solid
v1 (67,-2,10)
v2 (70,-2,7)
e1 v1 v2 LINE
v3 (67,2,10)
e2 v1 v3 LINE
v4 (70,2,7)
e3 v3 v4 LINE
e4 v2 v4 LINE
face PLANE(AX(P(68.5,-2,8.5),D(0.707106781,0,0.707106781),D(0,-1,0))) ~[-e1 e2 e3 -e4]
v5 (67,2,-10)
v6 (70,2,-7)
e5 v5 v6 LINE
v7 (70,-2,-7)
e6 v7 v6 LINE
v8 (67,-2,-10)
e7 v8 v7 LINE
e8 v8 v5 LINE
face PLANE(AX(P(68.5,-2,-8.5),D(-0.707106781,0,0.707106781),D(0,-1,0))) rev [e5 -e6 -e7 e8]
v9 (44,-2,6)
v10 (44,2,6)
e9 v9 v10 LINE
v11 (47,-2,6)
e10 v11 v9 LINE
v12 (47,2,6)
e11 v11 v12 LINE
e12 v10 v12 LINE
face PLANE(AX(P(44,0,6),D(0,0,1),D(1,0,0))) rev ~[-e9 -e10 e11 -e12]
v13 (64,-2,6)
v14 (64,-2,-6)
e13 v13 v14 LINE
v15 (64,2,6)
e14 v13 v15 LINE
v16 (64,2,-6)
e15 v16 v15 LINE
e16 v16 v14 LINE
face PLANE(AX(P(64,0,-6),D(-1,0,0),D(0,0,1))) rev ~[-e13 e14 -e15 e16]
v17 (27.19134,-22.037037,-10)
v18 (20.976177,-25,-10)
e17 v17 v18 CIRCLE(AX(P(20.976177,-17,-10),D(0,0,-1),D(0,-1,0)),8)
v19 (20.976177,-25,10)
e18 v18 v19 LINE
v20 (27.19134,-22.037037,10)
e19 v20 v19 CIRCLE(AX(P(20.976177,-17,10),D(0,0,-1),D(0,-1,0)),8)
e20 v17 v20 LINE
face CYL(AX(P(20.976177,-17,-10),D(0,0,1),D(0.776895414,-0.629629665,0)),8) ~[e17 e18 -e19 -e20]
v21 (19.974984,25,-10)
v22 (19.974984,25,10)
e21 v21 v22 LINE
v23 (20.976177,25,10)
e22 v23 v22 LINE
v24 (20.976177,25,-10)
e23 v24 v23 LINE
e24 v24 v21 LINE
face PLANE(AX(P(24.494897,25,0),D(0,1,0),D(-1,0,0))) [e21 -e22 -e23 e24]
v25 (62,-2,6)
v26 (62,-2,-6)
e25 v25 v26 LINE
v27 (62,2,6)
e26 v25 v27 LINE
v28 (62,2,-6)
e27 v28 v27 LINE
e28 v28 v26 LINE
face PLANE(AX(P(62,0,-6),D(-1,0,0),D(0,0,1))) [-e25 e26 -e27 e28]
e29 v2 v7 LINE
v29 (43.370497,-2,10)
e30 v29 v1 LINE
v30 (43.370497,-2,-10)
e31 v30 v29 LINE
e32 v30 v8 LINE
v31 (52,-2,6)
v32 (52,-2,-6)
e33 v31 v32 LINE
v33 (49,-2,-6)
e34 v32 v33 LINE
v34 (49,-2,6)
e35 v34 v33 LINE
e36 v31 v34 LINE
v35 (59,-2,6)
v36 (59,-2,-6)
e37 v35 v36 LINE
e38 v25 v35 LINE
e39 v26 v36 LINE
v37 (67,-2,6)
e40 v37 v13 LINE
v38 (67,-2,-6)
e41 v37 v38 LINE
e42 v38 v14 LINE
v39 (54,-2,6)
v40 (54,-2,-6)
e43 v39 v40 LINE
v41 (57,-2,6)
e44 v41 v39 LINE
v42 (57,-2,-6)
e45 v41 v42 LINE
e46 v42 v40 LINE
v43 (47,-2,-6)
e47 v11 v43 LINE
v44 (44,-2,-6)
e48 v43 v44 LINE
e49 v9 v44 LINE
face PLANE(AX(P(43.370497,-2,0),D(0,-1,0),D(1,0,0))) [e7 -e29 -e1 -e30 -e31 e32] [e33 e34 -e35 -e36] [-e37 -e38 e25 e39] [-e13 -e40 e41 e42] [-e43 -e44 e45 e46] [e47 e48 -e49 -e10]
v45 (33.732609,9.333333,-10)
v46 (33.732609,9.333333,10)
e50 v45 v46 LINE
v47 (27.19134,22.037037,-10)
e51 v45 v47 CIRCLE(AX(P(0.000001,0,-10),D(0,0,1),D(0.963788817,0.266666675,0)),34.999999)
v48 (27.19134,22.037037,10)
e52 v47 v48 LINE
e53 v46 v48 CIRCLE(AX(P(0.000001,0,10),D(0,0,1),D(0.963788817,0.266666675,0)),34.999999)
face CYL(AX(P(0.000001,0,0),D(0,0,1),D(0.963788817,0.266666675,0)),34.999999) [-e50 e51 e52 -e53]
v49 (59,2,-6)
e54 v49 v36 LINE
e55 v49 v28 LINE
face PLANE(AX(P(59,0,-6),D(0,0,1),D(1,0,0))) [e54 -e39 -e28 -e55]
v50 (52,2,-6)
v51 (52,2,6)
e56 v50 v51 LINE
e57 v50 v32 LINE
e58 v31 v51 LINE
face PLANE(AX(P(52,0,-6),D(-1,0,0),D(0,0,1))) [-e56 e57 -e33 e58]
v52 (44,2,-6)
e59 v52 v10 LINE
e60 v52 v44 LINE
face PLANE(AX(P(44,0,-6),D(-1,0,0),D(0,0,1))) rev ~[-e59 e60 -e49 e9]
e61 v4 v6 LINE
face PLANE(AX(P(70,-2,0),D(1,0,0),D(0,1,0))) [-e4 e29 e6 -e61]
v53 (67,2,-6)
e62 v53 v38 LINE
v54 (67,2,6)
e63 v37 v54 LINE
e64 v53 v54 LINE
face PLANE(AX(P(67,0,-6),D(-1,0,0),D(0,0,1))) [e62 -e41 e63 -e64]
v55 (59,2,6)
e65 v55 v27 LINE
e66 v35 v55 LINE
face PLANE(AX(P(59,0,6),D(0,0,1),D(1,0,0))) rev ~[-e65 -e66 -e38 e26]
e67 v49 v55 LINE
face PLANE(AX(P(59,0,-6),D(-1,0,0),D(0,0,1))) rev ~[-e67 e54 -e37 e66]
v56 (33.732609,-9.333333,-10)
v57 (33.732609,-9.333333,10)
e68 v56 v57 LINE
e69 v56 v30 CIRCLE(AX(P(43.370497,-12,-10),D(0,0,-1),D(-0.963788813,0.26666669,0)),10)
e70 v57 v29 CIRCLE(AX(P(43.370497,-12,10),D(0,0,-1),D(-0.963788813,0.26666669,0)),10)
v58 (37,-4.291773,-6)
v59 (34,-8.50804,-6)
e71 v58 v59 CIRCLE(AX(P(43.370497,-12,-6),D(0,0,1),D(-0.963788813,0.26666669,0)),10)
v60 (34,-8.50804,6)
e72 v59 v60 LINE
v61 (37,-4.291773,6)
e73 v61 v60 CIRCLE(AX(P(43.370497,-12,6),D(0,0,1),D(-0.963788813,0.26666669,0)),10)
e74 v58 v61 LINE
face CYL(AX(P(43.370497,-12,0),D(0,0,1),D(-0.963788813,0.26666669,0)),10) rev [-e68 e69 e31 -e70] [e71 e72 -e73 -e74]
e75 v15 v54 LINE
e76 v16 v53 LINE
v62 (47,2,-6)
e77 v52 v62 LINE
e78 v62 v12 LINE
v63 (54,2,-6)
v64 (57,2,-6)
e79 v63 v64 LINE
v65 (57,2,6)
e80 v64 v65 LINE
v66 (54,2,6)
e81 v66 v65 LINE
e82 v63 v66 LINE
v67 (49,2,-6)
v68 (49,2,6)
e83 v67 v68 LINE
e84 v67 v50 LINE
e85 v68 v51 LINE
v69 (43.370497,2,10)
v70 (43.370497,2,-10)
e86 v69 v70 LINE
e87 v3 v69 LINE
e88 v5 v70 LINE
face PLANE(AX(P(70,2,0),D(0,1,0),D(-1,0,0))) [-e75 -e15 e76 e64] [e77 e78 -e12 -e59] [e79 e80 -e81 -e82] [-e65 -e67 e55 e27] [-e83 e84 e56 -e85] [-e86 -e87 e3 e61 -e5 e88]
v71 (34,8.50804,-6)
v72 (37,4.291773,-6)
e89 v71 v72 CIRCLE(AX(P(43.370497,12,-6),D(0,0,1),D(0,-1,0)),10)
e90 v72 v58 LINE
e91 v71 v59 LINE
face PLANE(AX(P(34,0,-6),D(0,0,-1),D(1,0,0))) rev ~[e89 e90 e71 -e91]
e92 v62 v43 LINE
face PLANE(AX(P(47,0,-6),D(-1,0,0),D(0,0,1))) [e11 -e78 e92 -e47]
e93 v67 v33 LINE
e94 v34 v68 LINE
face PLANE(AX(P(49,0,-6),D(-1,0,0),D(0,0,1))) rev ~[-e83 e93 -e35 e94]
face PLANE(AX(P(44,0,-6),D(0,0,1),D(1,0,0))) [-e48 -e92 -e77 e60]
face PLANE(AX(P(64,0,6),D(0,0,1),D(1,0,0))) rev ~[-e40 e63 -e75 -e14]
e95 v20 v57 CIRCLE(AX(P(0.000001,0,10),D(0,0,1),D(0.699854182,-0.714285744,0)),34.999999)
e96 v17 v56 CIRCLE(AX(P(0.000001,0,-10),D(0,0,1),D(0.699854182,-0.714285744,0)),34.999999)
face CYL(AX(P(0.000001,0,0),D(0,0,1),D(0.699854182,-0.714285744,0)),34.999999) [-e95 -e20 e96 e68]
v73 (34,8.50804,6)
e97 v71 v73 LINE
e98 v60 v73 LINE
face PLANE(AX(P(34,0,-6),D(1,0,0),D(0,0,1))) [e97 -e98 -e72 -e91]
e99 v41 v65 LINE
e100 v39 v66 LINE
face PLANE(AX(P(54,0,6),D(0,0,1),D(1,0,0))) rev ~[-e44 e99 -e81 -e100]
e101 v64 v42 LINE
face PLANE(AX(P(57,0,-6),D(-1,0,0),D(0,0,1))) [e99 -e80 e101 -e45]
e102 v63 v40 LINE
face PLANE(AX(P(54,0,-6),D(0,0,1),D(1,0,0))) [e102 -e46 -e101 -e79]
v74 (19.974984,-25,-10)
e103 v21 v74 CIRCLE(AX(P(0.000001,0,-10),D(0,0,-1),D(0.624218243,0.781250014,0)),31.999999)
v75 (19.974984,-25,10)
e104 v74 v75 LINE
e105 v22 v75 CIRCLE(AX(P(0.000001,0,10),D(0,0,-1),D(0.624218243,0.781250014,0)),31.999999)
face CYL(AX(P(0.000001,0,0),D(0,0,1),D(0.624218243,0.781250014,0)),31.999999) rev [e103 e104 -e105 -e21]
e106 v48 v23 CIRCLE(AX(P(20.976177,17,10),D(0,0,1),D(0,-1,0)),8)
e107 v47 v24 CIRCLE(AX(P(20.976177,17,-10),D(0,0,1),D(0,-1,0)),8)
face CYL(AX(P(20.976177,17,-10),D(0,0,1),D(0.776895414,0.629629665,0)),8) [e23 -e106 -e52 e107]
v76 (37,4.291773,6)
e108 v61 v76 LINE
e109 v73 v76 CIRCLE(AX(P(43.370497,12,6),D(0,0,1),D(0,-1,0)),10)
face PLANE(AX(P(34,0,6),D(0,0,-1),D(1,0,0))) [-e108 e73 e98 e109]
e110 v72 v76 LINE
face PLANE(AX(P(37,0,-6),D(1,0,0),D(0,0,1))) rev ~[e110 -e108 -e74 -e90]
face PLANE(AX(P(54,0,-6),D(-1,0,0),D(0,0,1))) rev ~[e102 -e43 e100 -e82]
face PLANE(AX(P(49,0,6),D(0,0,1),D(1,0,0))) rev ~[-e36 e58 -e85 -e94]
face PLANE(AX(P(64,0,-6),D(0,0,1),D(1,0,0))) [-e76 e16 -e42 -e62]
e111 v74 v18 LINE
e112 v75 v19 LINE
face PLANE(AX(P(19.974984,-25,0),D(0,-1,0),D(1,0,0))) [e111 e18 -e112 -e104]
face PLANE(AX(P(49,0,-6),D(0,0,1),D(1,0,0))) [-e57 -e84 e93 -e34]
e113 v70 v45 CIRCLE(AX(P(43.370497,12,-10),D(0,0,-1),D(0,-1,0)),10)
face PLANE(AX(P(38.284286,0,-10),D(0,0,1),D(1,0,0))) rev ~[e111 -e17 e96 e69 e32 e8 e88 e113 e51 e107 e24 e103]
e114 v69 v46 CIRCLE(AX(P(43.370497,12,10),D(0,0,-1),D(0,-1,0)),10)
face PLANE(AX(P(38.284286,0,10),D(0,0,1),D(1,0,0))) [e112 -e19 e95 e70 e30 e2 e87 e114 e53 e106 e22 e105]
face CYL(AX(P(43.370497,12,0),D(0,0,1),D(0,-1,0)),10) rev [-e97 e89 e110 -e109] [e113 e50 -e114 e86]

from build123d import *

# Parameters (mm, degrees)
F1_DEPTH = 10
F2_W     = 3
F2_H     = 12
F3_DEPTH = 10
F5_SIZE  = 3
F6_R     = 8


with BuildPart() as f1:
    # F0 (on Top) → F1 (new body, symmetric)
    with BuildSketch(Plane.XY):
        with BuildLine():
            ThreePointArc((43.370497, 2), (37.315196, 4.041776), (33.732609, 9.333333))
            ThreePointArc((33.732609, 9.333333), (30.149158, 17.777184), (24.494897, 25))
            Line((24.494897, 25), (19.974984, 25))
            ThreePointArc((19.974984, 25), (32, 0), (19.974984, -25))
            Line((19.974984, -25), (24.494897, -25))
            ThreePointArc((24.494897, -25), (30.149158, -17.777184), (33.732609, -9.333333))
            ThreePointArc((33.732609, -9.333333), (37.315196, -4.041776), (43.370497, -2))
            Line((43.370497, -2), (70, -2))
            Line((70, -2), (70, 2))
            Line((70, 2), (43.370497, 2))
        make_face()
    extrude(amount=F1_DEPTH, both=True)


with BuildPart() as f3:
    # F2 (on Front) → F3 (new body, symmetric)
    with BuildSketch(Plane.XZ):
        with Locations((65.5, 0)):
            Rectangle(F2_W, F2_H)
        with Locations((45.5, 0)):
            Rectangle(F2_W, F2_H)
        with Locations((50.5, 0)):
            Rectangle(F2_W, F2_H)
        with Locations((60.5, 0)):
            Rectangle(F2_W, F2_H)
        with Locations((55.5, 0)):
            Rectangle(F2_W, F2_H)
        with Locations((35.5, 0)):
            Rectangle(F2_W, F2_H)
    extrude(amount=F3_DEPTH, both=True)


with BuildPart() as f1_1:
    add(f1.part)

    # F4: cut F3
    add(f3.part, mode=Mode.SUBTRACT)

    # F5
    f5_edges = [f1_1.edges().sort_by_distance(p)[0] for p in [
        (70, 0, 10),
        (70, 0, -10),
    ]]
    chamfer(f5_edges, length=F5_SIZE)

    # F6
    f6_edges = [f1_1.edges().sort_by_distance(p)[0] for p in [
        (24.494897, 25, 0),
        (24.494897, -25, 0),
    ]]
    fillet(f6_edges, radius=F6_R)


solid = f1_1.part
